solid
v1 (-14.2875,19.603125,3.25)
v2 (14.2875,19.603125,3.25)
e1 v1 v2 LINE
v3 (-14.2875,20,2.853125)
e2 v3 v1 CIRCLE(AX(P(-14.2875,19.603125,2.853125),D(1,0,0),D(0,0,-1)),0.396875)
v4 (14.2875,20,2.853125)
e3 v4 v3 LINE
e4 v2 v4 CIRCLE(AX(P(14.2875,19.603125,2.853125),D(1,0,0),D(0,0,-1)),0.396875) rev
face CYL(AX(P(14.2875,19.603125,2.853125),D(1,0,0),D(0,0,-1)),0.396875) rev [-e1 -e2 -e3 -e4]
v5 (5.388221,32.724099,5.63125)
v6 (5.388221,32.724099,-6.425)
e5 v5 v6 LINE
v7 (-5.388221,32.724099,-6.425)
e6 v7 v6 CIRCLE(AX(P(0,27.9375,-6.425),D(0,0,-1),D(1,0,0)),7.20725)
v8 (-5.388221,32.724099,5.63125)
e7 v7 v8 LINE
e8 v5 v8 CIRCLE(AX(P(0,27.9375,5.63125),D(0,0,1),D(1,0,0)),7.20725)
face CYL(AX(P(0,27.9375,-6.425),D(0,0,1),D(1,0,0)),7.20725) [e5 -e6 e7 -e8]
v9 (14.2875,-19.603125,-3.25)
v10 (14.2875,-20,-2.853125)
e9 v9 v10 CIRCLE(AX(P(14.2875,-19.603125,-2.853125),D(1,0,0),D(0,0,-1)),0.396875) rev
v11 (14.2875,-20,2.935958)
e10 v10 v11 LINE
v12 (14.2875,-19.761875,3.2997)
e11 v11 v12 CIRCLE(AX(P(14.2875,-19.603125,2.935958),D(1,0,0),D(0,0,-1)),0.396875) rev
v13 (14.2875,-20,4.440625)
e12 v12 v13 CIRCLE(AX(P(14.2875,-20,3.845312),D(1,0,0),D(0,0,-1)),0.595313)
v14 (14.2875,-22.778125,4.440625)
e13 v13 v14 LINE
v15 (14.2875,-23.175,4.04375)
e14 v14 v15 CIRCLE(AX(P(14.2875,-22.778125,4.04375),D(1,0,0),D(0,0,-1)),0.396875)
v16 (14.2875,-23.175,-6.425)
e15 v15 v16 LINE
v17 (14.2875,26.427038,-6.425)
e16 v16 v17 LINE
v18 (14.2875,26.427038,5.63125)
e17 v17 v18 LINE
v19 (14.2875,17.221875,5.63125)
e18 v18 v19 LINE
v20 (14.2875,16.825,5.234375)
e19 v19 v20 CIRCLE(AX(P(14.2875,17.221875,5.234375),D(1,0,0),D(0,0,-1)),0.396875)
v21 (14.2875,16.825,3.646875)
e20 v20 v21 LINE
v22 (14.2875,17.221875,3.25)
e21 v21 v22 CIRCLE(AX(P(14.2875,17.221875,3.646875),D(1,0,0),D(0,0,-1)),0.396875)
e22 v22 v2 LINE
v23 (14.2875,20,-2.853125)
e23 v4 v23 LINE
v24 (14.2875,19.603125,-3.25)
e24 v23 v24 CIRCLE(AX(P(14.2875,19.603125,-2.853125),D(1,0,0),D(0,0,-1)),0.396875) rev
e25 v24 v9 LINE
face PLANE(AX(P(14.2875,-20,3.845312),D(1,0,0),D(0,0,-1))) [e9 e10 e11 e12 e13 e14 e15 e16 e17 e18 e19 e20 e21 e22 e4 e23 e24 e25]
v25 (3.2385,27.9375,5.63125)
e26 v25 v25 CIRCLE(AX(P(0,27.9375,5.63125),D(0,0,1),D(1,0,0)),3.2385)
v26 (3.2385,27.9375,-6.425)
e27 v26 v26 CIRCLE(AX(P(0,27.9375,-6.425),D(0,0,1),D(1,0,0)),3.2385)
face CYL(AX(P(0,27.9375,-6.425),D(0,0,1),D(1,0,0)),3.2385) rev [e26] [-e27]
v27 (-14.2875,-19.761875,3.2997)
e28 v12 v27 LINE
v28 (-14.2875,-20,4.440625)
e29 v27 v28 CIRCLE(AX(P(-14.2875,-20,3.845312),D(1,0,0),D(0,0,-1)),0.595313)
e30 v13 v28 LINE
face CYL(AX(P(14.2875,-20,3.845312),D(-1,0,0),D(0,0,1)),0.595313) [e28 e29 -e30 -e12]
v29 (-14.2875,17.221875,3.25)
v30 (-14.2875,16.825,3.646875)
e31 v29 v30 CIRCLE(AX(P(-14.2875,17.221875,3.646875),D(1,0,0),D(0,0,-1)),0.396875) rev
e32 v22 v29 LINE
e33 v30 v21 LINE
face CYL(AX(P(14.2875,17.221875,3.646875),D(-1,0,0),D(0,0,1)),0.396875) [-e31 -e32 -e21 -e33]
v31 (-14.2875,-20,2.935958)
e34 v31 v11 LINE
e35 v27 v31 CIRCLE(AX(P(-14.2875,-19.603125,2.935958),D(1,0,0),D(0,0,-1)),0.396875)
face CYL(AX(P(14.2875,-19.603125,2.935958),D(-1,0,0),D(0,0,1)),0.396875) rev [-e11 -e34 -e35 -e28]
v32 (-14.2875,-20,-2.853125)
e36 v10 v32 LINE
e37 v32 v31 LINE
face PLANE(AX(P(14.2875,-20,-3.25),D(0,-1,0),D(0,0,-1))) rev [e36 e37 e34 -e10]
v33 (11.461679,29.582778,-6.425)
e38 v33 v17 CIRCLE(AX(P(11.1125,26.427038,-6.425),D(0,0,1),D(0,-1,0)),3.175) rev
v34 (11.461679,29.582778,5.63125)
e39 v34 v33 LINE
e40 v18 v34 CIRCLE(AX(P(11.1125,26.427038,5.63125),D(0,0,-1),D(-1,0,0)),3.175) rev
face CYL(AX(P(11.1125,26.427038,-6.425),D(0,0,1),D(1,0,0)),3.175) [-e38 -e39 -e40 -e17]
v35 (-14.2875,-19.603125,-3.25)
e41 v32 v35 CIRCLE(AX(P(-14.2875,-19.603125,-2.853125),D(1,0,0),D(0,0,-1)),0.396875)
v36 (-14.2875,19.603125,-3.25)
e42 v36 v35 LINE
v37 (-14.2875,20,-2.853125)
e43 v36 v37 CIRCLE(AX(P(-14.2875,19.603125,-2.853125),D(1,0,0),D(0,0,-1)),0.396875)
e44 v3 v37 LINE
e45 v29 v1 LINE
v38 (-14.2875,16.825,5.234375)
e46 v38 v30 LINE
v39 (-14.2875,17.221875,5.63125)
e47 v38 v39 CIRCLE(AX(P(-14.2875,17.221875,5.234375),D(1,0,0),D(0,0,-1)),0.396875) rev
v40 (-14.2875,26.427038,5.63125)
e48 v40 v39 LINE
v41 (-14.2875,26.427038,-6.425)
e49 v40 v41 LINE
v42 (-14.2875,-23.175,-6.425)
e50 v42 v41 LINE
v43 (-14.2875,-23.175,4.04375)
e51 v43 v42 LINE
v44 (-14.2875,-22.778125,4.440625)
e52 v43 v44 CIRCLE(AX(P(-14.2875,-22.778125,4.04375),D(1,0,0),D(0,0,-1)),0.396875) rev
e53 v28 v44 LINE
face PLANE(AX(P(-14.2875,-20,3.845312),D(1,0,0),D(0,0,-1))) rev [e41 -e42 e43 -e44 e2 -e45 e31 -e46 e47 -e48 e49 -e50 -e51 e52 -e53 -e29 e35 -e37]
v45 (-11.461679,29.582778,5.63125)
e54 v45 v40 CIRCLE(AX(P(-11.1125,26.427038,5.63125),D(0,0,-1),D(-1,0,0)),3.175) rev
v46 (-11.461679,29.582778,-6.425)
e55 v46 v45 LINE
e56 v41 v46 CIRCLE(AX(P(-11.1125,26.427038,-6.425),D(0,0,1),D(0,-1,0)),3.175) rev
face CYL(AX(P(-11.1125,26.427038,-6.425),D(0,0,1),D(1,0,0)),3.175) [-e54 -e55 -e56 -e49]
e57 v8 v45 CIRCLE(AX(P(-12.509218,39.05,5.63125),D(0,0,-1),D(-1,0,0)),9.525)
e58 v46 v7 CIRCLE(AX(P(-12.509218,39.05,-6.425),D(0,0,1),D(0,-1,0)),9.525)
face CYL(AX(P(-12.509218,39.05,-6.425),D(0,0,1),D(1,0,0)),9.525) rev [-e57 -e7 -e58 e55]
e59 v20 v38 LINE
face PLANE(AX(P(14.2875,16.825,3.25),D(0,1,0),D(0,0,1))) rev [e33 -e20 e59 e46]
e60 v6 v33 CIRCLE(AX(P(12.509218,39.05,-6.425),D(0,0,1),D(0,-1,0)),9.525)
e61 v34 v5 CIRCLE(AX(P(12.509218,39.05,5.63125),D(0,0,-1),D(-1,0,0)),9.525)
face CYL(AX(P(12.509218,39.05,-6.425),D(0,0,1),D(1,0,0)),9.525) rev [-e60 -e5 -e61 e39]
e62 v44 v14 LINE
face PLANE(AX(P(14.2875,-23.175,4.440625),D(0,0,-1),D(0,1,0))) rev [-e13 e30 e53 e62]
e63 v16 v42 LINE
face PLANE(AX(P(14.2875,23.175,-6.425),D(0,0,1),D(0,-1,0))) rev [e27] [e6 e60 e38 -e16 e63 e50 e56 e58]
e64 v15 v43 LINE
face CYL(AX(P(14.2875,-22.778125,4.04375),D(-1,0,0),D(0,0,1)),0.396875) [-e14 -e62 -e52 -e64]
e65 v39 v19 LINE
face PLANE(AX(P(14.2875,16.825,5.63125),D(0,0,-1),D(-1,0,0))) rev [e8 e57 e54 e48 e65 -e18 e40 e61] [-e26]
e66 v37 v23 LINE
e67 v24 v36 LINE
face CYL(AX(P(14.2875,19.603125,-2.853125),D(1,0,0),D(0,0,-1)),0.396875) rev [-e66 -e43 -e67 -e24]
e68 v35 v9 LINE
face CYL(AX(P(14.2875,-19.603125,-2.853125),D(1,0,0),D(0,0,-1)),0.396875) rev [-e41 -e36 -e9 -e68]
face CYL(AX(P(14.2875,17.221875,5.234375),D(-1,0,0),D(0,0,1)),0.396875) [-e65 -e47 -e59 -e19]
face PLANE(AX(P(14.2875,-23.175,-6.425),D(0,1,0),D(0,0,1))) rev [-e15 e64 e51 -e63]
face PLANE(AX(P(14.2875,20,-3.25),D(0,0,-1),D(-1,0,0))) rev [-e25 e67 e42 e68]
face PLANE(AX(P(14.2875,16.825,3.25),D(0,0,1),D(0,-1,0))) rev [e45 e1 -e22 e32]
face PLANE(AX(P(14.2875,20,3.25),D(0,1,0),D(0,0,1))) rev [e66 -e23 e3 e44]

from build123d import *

# Parameters (mm, degrees)
BOSS_EXTRUDE1_DEPTH     = 14.2875
SKETCH3_W               = 28.575
SKETCH3_H               = 12.05625
BOSS_EXTRUDE2_DEPTH     = 12.7
SKETCH4_R               = 3.2385
CUT_EXTRUDE1_DEPTH      = 13.05625
FILLET1_R               = 0.396875
CUT_EXTRUDE2_DEPTH      = 1
CUT_EXTRUDE2_DEPTH_BACK = 13.05625
FILLET2_R               = 9.525
FILLET3_R               = 3.175


with BuildPart() as part:
    # Sketch2 → Boss-Extrude1 (new body, symmetric)
    with BuildSketch(Plane(origin=(0, 0, 0), x_dir=(0, 0, -1), z_dir=(1, 0, 0))):
        with BuildLine():
            Line((-3.25, 16.825), (-5.63125, 16.825))
            Line((-5.63125, 16.825), (-5.63125, 23.175))
            Line((-5.63125, 23.175), (6.425, 23.175))
            Line((6.425, 23.175), (6.425, -23.175))
            Line((6.425, -23.175), (-4.440625, -23.175))
            Line((-4.440625, -23.175), (-4.440625, -20))
            ThreePointArc((-4.440625, -20), (-3.8453125, -19.4046875), (-3.25, -20))
            Line((-3.25, -20), (3.25, -20))
            Line((3.25, -20), (3.25, 20))
            Line((3.25, 20), (-3.25, 20))
            Line((-3.25, 20), (-3.25, 16.825))
        make_face()
    extrude(amount=BOSS_EXTRUDE1_DEPTH, both=True)

    # Sketch3 → Boss-Extrude2 (add)
    with BuildSketch(Plane(origin=(0, 23.175, 0), x_dir=(1, 0, 0), z_dir=(0, 1, 0))):
        with Locations((0, 0.396875)):
            Rectangle(SKETCH3_W, SKETCH3_H)
    extrude(amount=BOSS_EXTRUDE2_DEPTH)

    # Sketch4 → Cut-Extrude1 (cut, through all)
    with BuildSketch(Plane.XY.offset(5.63125)):
        with Locations((0, 27.9375)):
            Circle(SKETCH4_R)
    extrude(amount=-CUT_EXTRUDE1_DEPTH, mode=Mode.SUBTRACT)

    # Fillet1
    fillet1_edges = [part.edges().sort_by_distance(p)[0] for p in [
        (0, 20, -3.25),
        (0, 20, 3.25),
        (0, 16.825, 3.25),
        (0, 16.825, 5.63125),
        (0, -23.175, 4.440625),
        (0, -20, 3.25),
        (0, -20, -3.25),
    ]]
    fillet(fillet1_edges, radius=FILLET1_R)

    # Sketch6 → Cut-Extrude2 (cut, two sides)
    with BuildSketch(Plane.XY.offset(5.63125)) as cut_extrude2_sk:
        with BuildLine():
            Line((-14.2875, 29.525), (-7.030241554, 29.525))
            ThreePointArc((-7.030241554, 29.525), (0, 35.14475), (7.030241554, 29.525))
            Line((7.030241554, 29.525), (14.2875, 29.525))
            Line((14.2875, 29.525), (14.2875, 35.875))
            Line((14.2875, 35.875), (-14.2875, 35.875))
            Line((-14.2875, 35.875), (-14.2875, 29.525))
        make_face()
    extrude(amount=CUT_EXTRUDE2_DEPTH, mode=Mode.SUBTRACT)
    extrude(cut_extrude2_sk.sketch, amount=-CUT_EXTRUDE2_DEPTH_BACK, mode=Mode.SUBTRACT)

    # Fillet2
    fillet2_edges = [part.edges().sort_by_distance(p)[0] for p in [
        (7.030241554, 29.525, -0.396875),
        (-7.030241554, 29.525, -0.396875),
    ]]
    fillet(fillet2_edges, radius=FILLET2_R)

    # Fillet3
    fillet3_edges = [part.edges().sort_by_distance(p)[0] for p in [
        (14.2875, 29.525, -0.396875),
        (-14.2875, 29.525, -0.396875),
    ]]
    fillet(fillet3_edges, radius=FILLET3_R)


solid = part.part
